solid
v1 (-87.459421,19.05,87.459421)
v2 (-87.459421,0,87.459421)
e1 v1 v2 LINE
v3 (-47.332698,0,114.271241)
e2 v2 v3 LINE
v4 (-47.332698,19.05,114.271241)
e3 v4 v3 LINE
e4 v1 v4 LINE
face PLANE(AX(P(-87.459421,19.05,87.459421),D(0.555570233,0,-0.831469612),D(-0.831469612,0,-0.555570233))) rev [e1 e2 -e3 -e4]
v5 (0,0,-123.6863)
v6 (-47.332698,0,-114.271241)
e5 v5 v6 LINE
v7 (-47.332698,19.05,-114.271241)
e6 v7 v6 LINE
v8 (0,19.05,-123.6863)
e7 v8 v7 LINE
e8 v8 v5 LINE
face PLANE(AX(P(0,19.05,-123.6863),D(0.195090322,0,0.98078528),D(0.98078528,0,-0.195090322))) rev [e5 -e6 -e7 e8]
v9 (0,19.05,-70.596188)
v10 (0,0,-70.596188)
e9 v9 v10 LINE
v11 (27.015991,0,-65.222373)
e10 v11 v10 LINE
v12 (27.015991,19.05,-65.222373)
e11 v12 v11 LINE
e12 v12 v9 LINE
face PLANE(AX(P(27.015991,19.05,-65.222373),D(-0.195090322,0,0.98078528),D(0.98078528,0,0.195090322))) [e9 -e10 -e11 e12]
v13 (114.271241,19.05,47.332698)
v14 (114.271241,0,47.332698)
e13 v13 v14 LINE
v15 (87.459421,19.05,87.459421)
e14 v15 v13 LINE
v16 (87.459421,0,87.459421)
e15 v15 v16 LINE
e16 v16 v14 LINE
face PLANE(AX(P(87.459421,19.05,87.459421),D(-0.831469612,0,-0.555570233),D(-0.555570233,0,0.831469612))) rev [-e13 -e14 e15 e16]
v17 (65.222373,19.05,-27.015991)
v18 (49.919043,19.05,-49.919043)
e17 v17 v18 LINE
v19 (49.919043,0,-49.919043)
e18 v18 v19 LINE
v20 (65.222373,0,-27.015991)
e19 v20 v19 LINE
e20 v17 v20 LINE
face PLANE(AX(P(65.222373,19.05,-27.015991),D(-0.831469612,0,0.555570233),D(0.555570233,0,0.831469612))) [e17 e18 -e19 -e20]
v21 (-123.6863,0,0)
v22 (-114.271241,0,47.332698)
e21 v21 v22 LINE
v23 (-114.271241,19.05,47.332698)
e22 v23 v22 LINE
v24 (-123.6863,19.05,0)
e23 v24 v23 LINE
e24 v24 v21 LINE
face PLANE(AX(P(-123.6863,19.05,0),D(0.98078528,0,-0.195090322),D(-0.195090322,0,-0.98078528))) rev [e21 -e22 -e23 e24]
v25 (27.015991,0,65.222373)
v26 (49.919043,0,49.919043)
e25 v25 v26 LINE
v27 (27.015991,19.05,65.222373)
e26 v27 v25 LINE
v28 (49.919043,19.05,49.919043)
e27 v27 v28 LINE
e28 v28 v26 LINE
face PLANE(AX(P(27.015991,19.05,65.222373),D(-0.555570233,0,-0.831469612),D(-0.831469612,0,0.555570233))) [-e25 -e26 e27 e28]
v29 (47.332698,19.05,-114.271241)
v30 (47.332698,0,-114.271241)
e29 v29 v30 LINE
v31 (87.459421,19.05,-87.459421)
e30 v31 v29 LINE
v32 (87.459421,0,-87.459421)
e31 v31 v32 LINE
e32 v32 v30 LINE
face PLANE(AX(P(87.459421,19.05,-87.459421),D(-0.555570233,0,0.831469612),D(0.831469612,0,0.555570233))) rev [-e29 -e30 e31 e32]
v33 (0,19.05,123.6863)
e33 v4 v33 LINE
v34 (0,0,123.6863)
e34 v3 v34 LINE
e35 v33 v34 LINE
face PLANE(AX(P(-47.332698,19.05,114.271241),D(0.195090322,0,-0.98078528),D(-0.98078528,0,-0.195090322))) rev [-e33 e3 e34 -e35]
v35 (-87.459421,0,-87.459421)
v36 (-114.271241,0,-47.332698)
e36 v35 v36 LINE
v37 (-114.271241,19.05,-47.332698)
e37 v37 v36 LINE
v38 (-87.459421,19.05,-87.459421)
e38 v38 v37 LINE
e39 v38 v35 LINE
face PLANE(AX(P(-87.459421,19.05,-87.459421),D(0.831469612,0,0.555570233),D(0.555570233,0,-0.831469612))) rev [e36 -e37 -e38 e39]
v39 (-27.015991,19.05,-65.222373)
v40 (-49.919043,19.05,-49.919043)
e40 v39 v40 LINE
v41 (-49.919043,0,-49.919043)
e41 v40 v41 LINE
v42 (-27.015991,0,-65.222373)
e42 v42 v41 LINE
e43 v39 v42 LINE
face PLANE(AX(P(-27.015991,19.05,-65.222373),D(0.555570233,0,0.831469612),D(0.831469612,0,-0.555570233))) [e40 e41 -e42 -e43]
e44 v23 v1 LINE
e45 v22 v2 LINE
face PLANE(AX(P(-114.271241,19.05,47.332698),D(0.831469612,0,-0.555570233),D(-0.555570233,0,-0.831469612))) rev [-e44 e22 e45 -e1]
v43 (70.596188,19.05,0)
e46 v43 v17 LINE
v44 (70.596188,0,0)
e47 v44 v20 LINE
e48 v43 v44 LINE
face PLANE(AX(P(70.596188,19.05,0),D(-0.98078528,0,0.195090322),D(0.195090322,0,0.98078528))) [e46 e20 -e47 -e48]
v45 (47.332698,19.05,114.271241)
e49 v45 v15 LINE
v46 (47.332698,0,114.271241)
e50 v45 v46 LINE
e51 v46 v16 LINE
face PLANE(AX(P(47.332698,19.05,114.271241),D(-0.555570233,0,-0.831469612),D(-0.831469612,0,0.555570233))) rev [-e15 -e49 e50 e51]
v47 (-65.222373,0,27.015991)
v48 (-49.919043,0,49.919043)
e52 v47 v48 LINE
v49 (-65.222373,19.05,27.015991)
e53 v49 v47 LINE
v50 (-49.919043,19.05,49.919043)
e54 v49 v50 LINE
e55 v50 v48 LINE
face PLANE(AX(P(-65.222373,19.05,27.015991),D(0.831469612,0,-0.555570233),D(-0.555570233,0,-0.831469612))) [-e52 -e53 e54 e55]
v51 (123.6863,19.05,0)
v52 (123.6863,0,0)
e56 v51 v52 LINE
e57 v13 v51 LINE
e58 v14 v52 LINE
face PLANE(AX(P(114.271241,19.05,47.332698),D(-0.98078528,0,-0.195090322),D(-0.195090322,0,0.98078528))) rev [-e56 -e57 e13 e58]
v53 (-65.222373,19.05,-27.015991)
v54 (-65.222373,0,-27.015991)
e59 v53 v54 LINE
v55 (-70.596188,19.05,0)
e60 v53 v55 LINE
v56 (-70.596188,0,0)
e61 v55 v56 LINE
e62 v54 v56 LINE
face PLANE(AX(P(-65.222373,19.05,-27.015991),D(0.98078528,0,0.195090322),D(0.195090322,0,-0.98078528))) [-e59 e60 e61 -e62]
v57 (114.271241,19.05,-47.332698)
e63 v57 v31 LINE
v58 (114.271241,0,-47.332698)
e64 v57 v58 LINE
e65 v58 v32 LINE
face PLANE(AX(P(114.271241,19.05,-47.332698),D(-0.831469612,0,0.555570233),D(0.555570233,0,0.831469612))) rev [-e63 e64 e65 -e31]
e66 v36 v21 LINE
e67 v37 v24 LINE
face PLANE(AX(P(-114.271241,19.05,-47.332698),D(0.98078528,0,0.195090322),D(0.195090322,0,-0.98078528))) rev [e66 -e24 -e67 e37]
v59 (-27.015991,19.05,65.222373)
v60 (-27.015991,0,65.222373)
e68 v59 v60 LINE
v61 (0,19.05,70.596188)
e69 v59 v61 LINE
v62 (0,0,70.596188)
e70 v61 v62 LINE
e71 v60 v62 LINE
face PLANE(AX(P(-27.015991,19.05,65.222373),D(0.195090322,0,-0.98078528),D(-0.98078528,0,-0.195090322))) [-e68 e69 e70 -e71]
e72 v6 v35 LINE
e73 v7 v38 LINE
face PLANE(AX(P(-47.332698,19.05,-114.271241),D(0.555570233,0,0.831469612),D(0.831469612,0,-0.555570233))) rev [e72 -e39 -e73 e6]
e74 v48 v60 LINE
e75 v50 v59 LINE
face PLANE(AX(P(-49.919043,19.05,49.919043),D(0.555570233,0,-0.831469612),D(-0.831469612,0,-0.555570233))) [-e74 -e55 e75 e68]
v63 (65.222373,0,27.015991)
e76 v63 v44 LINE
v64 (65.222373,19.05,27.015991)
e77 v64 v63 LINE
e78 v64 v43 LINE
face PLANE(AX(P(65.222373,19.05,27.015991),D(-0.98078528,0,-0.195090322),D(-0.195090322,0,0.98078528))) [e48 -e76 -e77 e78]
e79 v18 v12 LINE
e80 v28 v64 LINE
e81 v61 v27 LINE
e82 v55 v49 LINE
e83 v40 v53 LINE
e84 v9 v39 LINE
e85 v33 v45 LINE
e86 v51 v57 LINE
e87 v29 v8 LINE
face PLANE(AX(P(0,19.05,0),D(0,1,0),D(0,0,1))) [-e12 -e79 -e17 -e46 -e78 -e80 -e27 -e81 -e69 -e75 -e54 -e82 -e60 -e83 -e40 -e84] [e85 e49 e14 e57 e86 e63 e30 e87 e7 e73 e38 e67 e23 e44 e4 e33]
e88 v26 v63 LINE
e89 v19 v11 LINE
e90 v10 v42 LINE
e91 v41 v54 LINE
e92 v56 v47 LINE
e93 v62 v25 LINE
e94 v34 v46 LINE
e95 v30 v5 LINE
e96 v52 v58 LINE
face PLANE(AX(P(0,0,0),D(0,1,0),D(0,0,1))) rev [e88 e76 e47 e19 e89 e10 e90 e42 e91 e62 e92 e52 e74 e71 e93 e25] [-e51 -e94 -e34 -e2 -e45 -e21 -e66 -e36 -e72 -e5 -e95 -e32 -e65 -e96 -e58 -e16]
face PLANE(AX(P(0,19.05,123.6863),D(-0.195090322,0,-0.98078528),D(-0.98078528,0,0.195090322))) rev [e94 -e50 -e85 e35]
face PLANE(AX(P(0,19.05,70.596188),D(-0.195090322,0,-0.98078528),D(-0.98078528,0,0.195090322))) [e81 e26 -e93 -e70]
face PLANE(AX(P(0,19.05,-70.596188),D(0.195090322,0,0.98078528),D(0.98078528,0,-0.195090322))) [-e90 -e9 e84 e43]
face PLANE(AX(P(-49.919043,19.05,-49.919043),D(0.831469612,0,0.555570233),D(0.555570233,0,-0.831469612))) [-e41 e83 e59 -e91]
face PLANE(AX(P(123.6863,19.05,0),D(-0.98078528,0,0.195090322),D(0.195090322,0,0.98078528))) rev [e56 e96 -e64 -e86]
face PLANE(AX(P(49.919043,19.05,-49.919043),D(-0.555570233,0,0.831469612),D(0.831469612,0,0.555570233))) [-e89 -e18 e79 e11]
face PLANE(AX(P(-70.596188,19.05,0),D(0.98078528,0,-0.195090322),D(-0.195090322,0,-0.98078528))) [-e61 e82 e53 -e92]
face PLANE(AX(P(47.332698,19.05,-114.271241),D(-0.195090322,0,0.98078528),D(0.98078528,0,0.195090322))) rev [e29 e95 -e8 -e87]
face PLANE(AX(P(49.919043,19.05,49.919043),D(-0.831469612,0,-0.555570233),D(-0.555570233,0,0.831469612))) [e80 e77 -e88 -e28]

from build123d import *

# Parameters (mm, degrees)
BOSS_EXTRUDE1_DEPTH = 19.05


with BuildPart() as part:
    # Sketch1 → Boss-Extrude1 (new body)
    with BuildSketch(Plane(origin=(0, 0, 0), x_dir=(1, 0, 0), z_dir=(0, 1, 0))):
        Polygon((123.686299508, 0), (114.271240568, 47.332697632), (87.459421122, 87.459421122), (47.332697632, 114.271240568), (0, 123.686299508), (-47.332697632, 114.271240568), (-87.459421122, 87.459421122), (-114.271240568, 47.332697632), (-123.686299508, 0), (-114.271240568, -47.332697632), (-87.459421122, -87.459421122), (-47.332697632, -114.271240568), (0, -123.686299508), (47.332697632, -114.271240568), (87.459421122, -87.459421122), (114.271240568, -47.332697632), align=None)
        Polygon((70.5961879, 0), (65.222373074, 27.015991498), (49.91904319, 49.91904319), (27.015991497, 65.222373074), (0, 70.5961879), (-27.015991498, 65.222373074), (-49.91904319, 49.91904319), (-65.222373074, 27.015991497), (-70.5961879, 0), (-65.222373074, -27.015991498), (-49.91904319, -49.91904319), (-27.015991497, -65.222373074), (0, -70.5961879), (27.015991498, -65.222373074), (49.91904319, -49.91904319), (65.222373074, -27.015991497), align=None, mode=Mode.SUBTRACT)
    extrude(amount=BOSS_EXTRUDE1_DEPTH)


solid = part.part
